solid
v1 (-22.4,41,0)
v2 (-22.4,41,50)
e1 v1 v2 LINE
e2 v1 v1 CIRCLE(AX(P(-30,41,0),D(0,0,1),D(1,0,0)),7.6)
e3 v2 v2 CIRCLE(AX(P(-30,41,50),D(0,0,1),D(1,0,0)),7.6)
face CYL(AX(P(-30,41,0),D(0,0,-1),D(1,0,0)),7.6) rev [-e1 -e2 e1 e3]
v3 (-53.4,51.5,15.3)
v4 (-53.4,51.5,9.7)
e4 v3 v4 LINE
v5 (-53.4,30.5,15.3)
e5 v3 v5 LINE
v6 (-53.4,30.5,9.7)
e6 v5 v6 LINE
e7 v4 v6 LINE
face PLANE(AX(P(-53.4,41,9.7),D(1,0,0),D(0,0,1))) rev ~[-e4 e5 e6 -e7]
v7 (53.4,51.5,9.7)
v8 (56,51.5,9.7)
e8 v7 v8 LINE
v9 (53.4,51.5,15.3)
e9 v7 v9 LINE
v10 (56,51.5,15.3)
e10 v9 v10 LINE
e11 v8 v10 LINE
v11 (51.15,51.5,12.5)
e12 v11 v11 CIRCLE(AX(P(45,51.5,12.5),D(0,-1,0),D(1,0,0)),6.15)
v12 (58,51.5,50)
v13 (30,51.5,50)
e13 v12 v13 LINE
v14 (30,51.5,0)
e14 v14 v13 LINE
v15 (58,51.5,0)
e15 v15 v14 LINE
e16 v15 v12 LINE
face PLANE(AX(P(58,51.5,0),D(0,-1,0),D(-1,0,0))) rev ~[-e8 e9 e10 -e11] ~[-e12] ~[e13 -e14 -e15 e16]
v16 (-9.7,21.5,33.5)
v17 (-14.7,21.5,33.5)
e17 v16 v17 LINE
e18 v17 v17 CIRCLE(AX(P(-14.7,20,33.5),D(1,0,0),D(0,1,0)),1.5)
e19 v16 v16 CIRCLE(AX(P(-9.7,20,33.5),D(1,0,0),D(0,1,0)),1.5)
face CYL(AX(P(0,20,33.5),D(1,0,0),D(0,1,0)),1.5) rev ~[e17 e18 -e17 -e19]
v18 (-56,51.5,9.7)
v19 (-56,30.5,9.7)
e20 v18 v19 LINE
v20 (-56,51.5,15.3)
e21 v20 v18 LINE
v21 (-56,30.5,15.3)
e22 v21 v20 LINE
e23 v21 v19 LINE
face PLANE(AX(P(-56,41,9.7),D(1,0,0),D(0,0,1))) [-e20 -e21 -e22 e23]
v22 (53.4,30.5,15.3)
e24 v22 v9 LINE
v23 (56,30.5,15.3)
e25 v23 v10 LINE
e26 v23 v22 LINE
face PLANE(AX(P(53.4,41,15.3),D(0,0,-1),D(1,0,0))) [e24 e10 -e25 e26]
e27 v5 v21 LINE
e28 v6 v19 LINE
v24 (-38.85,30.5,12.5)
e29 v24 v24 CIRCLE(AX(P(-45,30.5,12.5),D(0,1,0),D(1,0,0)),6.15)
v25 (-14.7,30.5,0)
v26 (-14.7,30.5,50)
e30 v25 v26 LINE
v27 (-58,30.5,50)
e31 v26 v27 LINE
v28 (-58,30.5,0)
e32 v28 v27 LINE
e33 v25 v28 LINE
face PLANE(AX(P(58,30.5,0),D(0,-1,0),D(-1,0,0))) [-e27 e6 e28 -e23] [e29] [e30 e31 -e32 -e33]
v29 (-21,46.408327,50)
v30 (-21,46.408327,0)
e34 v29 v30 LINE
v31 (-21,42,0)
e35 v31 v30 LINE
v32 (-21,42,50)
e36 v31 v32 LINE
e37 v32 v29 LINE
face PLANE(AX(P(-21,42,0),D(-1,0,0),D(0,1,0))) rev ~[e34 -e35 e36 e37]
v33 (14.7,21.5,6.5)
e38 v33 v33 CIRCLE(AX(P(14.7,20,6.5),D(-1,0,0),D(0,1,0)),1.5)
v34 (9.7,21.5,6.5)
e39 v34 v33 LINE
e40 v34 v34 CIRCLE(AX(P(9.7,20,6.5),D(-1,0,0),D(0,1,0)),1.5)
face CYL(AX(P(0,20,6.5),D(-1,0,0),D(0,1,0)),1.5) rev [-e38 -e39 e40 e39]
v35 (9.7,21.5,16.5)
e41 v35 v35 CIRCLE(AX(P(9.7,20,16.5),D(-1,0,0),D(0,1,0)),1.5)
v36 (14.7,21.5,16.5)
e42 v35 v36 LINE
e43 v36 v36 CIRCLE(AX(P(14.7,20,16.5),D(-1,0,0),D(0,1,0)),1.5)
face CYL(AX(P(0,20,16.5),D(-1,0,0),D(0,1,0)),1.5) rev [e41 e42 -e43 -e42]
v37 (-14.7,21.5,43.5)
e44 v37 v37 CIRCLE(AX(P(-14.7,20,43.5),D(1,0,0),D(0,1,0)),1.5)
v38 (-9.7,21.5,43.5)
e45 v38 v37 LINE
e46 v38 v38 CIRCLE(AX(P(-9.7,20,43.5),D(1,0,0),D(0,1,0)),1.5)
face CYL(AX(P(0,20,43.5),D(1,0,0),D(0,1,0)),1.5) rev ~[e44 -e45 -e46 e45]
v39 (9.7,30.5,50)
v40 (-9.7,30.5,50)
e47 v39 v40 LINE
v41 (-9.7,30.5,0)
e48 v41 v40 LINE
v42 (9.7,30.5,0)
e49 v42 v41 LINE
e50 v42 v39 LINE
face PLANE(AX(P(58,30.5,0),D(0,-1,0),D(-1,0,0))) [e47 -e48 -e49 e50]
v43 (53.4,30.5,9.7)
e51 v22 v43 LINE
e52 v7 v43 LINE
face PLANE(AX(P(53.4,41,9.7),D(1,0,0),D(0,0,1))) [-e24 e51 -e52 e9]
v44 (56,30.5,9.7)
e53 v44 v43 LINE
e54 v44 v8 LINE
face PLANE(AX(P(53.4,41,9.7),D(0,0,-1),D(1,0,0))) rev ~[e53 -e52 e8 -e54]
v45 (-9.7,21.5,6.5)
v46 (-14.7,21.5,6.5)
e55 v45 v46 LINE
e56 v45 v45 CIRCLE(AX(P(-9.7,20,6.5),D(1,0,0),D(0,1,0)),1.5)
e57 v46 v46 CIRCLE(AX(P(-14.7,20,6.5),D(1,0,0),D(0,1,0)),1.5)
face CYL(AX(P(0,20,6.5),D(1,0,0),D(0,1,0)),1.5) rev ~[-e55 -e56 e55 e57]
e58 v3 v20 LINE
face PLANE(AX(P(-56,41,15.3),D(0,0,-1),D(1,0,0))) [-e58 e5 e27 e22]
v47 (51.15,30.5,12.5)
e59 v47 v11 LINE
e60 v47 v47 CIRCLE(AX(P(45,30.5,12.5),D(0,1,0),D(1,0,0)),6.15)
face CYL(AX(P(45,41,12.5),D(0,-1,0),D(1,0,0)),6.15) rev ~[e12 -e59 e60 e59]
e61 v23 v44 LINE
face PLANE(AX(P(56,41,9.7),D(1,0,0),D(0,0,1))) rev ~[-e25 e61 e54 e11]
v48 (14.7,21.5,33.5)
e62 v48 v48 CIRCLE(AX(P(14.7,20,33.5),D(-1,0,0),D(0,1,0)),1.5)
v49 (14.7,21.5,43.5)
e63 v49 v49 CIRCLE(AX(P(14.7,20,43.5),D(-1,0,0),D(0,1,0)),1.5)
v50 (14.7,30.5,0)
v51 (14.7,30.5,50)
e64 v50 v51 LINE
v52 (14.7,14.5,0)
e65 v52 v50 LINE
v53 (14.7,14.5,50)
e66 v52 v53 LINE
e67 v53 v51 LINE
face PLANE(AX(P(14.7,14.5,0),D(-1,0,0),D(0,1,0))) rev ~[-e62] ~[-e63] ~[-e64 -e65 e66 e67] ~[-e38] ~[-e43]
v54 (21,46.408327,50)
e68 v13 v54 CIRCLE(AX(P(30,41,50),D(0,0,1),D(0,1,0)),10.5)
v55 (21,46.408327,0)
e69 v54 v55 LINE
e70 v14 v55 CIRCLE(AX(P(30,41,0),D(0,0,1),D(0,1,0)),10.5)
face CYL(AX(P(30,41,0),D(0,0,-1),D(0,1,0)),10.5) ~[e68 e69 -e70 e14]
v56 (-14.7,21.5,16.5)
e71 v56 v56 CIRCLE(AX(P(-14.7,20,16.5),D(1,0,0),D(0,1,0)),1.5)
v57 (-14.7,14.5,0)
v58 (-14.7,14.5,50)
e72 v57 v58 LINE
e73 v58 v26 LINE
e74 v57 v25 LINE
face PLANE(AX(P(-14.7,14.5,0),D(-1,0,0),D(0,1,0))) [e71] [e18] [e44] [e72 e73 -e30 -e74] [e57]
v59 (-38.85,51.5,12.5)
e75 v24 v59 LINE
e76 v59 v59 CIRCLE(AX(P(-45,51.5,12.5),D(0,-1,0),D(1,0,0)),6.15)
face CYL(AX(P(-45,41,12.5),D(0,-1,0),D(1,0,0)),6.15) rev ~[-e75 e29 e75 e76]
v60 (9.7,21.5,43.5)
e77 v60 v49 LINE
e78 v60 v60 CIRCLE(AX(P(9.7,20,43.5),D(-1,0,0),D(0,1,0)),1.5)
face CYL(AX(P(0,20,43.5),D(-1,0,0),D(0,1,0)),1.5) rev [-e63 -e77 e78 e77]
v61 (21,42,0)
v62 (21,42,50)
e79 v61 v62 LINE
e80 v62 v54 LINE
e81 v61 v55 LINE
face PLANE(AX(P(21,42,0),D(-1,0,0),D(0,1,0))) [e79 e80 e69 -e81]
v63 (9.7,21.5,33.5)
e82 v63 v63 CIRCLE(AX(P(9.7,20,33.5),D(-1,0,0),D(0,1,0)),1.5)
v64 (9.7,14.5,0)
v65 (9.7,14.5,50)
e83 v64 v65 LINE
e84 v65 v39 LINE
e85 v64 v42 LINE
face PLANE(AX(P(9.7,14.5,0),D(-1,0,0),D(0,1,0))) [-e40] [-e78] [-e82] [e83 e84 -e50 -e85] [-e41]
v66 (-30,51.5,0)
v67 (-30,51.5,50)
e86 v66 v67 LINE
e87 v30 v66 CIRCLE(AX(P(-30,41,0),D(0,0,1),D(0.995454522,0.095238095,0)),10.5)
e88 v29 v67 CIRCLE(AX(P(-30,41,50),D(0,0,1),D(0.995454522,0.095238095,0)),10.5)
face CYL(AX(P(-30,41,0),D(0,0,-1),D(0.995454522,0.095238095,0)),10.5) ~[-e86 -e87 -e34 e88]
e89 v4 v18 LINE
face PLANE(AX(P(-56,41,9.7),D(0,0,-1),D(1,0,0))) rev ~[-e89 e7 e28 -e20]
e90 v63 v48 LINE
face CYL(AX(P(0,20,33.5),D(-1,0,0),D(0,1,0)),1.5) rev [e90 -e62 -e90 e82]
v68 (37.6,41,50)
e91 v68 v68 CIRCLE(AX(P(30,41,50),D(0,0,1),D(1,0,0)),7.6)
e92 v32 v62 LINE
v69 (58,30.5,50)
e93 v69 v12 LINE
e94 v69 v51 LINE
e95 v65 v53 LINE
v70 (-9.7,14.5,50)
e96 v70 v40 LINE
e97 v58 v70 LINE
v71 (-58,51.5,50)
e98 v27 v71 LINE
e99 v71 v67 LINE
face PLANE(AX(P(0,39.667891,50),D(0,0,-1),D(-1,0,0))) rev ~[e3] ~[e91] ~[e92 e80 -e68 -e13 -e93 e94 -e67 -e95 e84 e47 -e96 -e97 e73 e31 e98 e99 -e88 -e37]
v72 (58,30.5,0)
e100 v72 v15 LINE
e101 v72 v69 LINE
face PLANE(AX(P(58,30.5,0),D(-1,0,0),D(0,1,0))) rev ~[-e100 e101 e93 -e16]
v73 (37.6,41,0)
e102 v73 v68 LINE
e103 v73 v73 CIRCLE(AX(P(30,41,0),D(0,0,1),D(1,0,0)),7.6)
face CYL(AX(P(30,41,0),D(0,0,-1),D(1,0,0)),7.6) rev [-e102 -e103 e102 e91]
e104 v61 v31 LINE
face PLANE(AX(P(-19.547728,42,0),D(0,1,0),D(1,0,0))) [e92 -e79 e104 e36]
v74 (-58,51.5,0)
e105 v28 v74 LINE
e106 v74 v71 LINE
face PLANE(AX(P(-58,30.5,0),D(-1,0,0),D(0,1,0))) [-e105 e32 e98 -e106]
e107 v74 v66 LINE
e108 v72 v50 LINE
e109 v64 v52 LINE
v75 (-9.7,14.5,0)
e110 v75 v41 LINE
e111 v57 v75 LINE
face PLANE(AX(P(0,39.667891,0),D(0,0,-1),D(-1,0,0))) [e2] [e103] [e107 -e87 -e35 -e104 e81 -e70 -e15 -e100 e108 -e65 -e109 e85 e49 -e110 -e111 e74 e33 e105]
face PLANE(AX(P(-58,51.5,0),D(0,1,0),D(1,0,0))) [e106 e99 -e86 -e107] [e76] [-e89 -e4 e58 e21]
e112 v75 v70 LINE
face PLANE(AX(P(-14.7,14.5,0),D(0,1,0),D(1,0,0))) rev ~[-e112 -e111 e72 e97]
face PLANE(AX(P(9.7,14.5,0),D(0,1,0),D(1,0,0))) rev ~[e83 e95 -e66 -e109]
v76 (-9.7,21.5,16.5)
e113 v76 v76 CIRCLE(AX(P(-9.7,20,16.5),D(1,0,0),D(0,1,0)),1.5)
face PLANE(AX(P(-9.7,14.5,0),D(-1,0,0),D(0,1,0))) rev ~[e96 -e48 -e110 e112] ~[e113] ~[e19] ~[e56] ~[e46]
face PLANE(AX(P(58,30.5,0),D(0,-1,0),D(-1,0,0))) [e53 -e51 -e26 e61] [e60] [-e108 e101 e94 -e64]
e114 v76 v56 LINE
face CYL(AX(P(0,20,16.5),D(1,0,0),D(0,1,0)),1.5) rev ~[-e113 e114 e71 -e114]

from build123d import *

# Parameters (mm, degrees)
SKETCH_R             = 7.6
PAD_DEPTH            = 50
SKETCH006_R          = 6.15
SKETCH006_W          = 2.6
SKETCH006_H          = 5.6
POCKET_DEPTH         = 10.501
POCKET_DEPTH_BACK    = 10.501
SKETCH015_W          = 42
SKETCH015_H          = 21
POCKET007_DEPTH      = 50.001
SKETCH022_W          = 5
SKETCH022_H          = 16
PAD010_DEPTH         = 50
SKETCH023_R          = 1.5
POCKET012_DEPTH      = 58.001
POCKET012_DEPTH_BACK = 58.001


with BuildPart() as part:
    # Sketch → Pad (new body)
    with BuildSketch(Plane.XY):
        with BuildLine():
            Line((-19.5477275198, 1), (19.5477275198, 1))
            ThreePointArc((30, 10.5), (22.9377765541, 7.770135134), (19.5477275198, 1))
            Line((58, 10.5), (30, 10.5))
            Line((58, -10.5), (58, 10.5))
            Line((58, -10.5), (-58, -10.5))
            Line((-58, -10.5), (-58, 10.5))
            Line((-58, 10.5), (-30, 10.5))
            ThreePointArc((-19.5477275198, 1), (-22.9377765541, 7.770135134), (-30, 10.5))
        make_face()
        with Locations((-30, 0)):
            Circle(SKETCH_R, mode=Mode.SUBTRACT)
        with Locations((30, 0)):
            Circle(SKETCH_R, mode=Mode.SUBTRACT)
    extrude(amount=PAD_DEPTH)

    # Sketch006 → Pocket (cut, two sides)
    with BuildSketch(Plane.XZ) as pocket_sk:
        with Locations((-45, 12.5)):
            Circle(SKETCH006_R)
        with Locations((45, 12.5)):
            Circle(SKETCH006_R)
        with Locations((-54.7, 12.5)):
            Rectangle(SKETCH006_W, SKETCH006_H)
        with Locations((54.7, 12.5)):
            Rectangle(SKETCH006_W, SKETCH006_H)
    extrude(amount=-POCKET_DEPTH, mode=Mode.SUBTRACT)
    extrude(pocket_sk.sketch, amount=POCKET_DEPTH_BACK, mode=Mode.SUBTRACT)

    # Sketch015 → Pocket007 (cut, through all)
    with BuildSketch(Plane.XY):
        with Locations((0, 11.5)):
            Rectangle(SKETCH015_W, SKETCH015_H)
    extrude(amount=POCKET007_DEPTH, mode=Mode.SUBTRACT)

    # Sketch022 → Pad010 (join)
    with BuildSketch(Plane.XY):
        with Locations((-12.2, -18.5)):
            Rectangle(SKETCH022_W, SKETCH022_H)
        with Locations((12.2, -18.5)):
            Rectangle(SKETCH022_W, SKETCH022_H)
    extrude(amount=PAD010_DEPTH)

    # Sketch023 → Pocket012 (cut, two sides)
    with BuildSketch(Plane.YZ) as pocket012_sk:
        with Locations((-21, 6.5)):
            Circle(SKETCH023_R)
        with Locations((-21, 16.5)):
            Circle(SKETCH023_R)
        with Locations((-21, 33.5)):
            Circle(SKETCH023_R)
        with Locations((-21, 43.5)):
            Circle(SKETCH023_R)
    extrude(amount=-POCKET012_DEPTH, mode=Mode.SUBTRACT)
    extrude(pocket012_sk.sketch, amount=POCKET012_DEPTH_BACK, mode=Mode.SUBTRACT)


with BuildPart() as part_1:
    # Body placement: moved
    add(part.part.moved(Location((0, 41, 0))))


solid = part_1.part
